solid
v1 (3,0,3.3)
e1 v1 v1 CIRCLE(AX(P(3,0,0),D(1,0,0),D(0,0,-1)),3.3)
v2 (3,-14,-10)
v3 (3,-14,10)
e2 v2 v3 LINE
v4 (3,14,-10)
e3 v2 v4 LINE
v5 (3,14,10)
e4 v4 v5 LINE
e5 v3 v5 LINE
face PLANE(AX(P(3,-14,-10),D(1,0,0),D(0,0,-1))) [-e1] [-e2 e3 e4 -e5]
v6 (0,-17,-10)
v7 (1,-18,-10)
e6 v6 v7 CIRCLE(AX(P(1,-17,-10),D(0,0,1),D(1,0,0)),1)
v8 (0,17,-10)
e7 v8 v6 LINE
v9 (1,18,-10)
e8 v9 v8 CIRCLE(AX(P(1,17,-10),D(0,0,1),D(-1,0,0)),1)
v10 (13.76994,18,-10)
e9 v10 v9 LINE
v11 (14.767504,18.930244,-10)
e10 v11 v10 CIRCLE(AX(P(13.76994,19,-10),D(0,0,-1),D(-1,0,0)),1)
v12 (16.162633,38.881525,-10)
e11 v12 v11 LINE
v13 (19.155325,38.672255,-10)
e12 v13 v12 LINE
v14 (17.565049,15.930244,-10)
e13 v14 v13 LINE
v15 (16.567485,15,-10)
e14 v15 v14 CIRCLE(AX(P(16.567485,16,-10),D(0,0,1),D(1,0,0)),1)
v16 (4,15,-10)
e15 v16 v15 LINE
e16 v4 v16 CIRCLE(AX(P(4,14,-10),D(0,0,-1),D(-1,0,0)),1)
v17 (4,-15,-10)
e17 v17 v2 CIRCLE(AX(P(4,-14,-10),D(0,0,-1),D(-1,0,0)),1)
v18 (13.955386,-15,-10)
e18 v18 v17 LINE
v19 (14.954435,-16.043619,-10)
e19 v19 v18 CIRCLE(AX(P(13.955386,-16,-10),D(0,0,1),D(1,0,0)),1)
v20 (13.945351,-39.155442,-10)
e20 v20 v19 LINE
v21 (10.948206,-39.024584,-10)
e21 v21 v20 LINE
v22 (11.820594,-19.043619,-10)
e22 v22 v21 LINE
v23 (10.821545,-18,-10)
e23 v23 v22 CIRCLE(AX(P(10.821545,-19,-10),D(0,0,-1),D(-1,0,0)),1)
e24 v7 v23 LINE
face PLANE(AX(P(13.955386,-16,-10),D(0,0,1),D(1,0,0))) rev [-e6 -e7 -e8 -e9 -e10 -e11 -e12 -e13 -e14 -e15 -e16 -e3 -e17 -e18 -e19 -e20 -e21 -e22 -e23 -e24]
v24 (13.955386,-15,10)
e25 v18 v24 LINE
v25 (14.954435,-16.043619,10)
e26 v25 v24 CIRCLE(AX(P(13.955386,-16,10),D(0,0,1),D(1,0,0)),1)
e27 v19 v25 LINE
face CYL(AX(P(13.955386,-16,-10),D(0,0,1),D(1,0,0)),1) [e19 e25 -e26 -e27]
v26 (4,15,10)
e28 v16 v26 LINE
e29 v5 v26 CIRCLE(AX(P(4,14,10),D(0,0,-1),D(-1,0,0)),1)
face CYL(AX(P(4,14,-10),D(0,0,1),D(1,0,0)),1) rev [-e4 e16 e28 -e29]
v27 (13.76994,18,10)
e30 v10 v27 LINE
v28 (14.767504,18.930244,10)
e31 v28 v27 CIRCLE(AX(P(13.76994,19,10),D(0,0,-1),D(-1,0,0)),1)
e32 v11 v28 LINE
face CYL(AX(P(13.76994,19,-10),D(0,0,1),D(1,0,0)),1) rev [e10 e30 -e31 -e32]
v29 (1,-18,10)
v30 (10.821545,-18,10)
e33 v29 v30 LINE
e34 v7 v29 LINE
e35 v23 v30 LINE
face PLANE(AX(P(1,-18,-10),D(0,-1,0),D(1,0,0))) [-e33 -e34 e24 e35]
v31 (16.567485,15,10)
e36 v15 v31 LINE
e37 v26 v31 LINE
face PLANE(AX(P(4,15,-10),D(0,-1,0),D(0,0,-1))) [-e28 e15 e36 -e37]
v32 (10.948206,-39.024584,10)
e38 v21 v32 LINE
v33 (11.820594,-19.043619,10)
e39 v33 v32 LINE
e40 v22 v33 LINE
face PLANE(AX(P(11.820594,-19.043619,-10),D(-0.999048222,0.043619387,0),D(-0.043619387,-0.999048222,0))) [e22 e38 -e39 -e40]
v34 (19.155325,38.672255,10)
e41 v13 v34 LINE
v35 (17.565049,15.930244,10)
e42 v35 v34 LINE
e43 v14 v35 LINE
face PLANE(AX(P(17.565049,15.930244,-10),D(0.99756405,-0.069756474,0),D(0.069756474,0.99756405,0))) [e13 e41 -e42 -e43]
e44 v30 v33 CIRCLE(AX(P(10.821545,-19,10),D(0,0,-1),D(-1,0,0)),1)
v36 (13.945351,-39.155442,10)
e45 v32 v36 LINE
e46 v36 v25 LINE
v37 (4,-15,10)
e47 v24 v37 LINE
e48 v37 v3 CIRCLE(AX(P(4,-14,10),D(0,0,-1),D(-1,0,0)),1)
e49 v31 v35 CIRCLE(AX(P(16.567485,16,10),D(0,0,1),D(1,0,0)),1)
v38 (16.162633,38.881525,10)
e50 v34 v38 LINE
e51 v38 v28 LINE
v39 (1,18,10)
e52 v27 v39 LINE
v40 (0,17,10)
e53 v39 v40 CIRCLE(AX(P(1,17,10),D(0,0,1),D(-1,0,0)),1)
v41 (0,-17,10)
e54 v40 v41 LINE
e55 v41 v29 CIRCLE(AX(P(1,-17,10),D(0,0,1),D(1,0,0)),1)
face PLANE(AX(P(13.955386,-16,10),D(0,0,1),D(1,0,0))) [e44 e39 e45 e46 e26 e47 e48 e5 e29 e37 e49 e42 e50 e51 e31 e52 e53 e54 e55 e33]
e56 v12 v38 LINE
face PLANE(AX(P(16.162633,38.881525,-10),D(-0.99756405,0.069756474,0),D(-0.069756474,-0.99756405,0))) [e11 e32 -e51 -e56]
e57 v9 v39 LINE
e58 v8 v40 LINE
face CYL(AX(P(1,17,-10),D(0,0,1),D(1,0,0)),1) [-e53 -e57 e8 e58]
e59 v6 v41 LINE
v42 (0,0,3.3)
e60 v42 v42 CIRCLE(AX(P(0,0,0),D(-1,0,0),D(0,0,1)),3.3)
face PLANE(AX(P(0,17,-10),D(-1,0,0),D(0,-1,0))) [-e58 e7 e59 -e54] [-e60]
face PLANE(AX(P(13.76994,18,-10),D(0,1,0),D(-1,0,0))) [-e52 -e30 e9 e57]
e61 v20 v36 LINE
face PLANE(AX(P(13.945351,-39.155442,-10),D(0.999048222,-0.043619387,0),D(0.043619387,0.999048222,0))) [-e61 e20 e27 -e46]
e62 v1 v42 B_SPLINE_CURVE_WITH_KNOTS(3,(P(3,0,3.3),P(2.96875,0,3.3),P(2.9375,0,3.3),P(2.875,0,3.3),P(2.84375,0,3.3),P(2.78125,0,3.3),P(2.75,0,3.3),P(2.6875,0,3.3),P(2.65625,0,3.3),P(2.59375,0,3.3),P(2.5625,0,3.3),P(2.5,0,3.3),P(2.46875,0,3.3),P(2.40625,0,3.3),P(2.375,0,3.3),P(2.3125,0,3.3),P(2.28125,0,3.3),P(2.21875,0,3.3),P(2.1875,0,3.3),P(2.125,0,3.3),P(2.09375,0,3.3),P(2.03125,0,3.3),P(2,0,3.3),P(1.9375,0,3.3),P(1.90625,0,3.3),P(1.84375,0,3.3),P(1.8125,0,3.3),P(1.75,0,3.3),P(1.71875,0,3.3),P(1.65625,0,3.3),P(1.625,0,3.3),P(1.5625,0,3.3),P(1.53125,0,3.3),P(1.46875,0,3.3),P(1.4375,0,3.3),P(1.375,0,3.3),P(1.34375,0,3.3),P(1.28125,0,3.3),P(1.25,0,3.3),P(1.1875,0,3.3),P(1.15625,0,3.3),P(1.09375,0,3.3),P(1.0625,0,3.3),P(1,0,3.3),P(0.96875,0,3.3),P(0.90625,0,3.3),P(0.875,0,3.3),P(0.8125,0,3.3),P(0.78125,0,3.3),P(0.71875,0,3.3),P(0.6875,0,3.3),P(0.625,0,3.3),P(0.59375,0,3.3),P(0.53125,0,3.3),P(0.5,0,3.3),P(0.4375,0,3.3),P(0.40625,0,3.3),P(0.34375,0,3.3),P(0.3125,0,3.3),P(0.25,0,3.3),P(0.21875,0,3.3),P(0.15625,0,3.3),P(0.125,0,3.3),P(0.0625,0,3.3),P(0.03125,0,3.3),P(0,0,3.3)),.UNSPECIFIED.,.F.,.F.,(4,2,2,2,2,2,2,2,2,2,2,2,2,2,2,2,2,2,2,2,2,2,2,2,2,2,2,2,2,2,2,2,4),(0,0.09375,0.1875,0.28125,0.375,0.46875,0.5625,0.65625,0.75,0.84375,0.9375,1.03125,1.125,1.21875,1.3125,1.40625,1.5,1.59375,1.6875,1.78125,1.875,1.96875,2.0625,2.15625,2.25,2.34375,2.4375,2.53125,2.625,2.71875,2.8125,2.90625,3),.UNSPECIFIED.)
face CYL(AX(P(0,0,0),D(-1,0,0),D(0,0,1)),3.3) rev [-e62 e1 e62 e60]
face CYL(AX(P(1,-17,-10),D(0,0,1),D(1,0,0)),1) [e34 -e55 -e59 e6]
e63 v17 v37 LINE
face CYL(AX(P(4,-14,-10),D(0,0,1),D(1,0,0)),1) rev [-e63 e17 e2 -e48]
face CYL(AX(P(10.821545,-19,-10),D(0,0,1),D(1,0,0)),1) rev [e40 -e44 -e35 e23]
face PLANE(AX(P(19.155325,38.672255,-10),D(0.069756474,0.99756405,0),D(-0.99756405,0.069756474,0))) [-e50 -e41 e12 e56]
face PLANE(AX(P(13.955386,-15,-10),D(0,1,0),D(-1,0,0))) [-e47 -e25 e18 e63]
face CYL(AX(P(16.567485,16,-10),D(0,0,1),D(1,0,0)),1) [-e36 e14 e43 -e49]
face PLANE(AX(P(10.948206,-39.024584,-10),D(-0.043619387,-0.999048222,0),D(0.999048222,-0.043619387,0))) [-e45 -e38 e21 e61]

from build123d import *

# Parameters (mm, degrees)
EXTRUDE_1_DEPTH      = 10
EXTRUDE_1_DEPTH_BACK = 10
HOLE_WIZARD_M61_D    = 6.6


with BuildPart() as part:
    # Эскиз1 → Бобышка-Вытянуть1 (new, two sides: drawn at the far end of the back side and taken through both)
    with BuildSketch(Plane.XY.offset(-EXTRUDE_1_DEPTH_BACK)):
        with BuildLine():
            Line((0, 17), (0, -17))
            ThreePointArc((0, -17), (0.292893219, -17.707106781), (1, -18))
            Line((1, -18), (10.821545488, -18))
            ThreePointArc((10.821545488, -18), (11.54390945, -18.308486944), (11.820593709, -19.043619387))
            Line((11.820593709, -19.043619387), (10.948205962, -39.024583819))
            Line((10.948205962, -39.024583819), (13.945350627, -39.155441981))
            Line((13.945350627, -39.155441981), (14.954434594, -16.043619387))
            ThreePointArc((14.954434594, -16.043619387), (14.677750334, -15.308486944), (13.955386372, -15))
            Line((13.955386372, -15), (4, -15))
            ThreePointArc((4, -15), (3.292893219, -14.707106781), (3, -14))
            Line((3, -14), (3, 14))
            ThreePointArc((3, 14), (3.292893219, 14.707106781), (4, 15))
            Line((4, 15), (16.567484914, 15))
            ThreePointArc((16.567484914, 15), (17.249483274, 15.268646298), (17.565048964, 15.930243526))
            Line((17.565048964, 15.930243526), (19.155325331, 38.67225511))
            Line((19.155325331, 38.67225511), (16.162633181, 38.881524531))
            Line((16.162633181, 38.881524531), (14.767503706, 18.930243526))
            ThreePointArc((14.767503706, 18.930243526), (14.451938016, 18.268646298), (13.769939655, 18))
            Line((13.769939655, 18), (1, 18))
            ThreePointArc((1, 18), (0.292893219, 17.707106781), (0, 17))
        make_face()
    extrude(amount=EXTRUDE_1_DEPTH + EXTRUDE_1_DEPTH_BACK)

    # Отверстие с зазором M61 (through all)
    with Locations(Plane(origin=(0, 0, 0), x_dir=(0, -1, 0), z_dir=(-1, 0, 0))):
        with Locations((0, 0)):
            Hole(HOLE_WIZARD_M61_D / 2)


solid = part.part
